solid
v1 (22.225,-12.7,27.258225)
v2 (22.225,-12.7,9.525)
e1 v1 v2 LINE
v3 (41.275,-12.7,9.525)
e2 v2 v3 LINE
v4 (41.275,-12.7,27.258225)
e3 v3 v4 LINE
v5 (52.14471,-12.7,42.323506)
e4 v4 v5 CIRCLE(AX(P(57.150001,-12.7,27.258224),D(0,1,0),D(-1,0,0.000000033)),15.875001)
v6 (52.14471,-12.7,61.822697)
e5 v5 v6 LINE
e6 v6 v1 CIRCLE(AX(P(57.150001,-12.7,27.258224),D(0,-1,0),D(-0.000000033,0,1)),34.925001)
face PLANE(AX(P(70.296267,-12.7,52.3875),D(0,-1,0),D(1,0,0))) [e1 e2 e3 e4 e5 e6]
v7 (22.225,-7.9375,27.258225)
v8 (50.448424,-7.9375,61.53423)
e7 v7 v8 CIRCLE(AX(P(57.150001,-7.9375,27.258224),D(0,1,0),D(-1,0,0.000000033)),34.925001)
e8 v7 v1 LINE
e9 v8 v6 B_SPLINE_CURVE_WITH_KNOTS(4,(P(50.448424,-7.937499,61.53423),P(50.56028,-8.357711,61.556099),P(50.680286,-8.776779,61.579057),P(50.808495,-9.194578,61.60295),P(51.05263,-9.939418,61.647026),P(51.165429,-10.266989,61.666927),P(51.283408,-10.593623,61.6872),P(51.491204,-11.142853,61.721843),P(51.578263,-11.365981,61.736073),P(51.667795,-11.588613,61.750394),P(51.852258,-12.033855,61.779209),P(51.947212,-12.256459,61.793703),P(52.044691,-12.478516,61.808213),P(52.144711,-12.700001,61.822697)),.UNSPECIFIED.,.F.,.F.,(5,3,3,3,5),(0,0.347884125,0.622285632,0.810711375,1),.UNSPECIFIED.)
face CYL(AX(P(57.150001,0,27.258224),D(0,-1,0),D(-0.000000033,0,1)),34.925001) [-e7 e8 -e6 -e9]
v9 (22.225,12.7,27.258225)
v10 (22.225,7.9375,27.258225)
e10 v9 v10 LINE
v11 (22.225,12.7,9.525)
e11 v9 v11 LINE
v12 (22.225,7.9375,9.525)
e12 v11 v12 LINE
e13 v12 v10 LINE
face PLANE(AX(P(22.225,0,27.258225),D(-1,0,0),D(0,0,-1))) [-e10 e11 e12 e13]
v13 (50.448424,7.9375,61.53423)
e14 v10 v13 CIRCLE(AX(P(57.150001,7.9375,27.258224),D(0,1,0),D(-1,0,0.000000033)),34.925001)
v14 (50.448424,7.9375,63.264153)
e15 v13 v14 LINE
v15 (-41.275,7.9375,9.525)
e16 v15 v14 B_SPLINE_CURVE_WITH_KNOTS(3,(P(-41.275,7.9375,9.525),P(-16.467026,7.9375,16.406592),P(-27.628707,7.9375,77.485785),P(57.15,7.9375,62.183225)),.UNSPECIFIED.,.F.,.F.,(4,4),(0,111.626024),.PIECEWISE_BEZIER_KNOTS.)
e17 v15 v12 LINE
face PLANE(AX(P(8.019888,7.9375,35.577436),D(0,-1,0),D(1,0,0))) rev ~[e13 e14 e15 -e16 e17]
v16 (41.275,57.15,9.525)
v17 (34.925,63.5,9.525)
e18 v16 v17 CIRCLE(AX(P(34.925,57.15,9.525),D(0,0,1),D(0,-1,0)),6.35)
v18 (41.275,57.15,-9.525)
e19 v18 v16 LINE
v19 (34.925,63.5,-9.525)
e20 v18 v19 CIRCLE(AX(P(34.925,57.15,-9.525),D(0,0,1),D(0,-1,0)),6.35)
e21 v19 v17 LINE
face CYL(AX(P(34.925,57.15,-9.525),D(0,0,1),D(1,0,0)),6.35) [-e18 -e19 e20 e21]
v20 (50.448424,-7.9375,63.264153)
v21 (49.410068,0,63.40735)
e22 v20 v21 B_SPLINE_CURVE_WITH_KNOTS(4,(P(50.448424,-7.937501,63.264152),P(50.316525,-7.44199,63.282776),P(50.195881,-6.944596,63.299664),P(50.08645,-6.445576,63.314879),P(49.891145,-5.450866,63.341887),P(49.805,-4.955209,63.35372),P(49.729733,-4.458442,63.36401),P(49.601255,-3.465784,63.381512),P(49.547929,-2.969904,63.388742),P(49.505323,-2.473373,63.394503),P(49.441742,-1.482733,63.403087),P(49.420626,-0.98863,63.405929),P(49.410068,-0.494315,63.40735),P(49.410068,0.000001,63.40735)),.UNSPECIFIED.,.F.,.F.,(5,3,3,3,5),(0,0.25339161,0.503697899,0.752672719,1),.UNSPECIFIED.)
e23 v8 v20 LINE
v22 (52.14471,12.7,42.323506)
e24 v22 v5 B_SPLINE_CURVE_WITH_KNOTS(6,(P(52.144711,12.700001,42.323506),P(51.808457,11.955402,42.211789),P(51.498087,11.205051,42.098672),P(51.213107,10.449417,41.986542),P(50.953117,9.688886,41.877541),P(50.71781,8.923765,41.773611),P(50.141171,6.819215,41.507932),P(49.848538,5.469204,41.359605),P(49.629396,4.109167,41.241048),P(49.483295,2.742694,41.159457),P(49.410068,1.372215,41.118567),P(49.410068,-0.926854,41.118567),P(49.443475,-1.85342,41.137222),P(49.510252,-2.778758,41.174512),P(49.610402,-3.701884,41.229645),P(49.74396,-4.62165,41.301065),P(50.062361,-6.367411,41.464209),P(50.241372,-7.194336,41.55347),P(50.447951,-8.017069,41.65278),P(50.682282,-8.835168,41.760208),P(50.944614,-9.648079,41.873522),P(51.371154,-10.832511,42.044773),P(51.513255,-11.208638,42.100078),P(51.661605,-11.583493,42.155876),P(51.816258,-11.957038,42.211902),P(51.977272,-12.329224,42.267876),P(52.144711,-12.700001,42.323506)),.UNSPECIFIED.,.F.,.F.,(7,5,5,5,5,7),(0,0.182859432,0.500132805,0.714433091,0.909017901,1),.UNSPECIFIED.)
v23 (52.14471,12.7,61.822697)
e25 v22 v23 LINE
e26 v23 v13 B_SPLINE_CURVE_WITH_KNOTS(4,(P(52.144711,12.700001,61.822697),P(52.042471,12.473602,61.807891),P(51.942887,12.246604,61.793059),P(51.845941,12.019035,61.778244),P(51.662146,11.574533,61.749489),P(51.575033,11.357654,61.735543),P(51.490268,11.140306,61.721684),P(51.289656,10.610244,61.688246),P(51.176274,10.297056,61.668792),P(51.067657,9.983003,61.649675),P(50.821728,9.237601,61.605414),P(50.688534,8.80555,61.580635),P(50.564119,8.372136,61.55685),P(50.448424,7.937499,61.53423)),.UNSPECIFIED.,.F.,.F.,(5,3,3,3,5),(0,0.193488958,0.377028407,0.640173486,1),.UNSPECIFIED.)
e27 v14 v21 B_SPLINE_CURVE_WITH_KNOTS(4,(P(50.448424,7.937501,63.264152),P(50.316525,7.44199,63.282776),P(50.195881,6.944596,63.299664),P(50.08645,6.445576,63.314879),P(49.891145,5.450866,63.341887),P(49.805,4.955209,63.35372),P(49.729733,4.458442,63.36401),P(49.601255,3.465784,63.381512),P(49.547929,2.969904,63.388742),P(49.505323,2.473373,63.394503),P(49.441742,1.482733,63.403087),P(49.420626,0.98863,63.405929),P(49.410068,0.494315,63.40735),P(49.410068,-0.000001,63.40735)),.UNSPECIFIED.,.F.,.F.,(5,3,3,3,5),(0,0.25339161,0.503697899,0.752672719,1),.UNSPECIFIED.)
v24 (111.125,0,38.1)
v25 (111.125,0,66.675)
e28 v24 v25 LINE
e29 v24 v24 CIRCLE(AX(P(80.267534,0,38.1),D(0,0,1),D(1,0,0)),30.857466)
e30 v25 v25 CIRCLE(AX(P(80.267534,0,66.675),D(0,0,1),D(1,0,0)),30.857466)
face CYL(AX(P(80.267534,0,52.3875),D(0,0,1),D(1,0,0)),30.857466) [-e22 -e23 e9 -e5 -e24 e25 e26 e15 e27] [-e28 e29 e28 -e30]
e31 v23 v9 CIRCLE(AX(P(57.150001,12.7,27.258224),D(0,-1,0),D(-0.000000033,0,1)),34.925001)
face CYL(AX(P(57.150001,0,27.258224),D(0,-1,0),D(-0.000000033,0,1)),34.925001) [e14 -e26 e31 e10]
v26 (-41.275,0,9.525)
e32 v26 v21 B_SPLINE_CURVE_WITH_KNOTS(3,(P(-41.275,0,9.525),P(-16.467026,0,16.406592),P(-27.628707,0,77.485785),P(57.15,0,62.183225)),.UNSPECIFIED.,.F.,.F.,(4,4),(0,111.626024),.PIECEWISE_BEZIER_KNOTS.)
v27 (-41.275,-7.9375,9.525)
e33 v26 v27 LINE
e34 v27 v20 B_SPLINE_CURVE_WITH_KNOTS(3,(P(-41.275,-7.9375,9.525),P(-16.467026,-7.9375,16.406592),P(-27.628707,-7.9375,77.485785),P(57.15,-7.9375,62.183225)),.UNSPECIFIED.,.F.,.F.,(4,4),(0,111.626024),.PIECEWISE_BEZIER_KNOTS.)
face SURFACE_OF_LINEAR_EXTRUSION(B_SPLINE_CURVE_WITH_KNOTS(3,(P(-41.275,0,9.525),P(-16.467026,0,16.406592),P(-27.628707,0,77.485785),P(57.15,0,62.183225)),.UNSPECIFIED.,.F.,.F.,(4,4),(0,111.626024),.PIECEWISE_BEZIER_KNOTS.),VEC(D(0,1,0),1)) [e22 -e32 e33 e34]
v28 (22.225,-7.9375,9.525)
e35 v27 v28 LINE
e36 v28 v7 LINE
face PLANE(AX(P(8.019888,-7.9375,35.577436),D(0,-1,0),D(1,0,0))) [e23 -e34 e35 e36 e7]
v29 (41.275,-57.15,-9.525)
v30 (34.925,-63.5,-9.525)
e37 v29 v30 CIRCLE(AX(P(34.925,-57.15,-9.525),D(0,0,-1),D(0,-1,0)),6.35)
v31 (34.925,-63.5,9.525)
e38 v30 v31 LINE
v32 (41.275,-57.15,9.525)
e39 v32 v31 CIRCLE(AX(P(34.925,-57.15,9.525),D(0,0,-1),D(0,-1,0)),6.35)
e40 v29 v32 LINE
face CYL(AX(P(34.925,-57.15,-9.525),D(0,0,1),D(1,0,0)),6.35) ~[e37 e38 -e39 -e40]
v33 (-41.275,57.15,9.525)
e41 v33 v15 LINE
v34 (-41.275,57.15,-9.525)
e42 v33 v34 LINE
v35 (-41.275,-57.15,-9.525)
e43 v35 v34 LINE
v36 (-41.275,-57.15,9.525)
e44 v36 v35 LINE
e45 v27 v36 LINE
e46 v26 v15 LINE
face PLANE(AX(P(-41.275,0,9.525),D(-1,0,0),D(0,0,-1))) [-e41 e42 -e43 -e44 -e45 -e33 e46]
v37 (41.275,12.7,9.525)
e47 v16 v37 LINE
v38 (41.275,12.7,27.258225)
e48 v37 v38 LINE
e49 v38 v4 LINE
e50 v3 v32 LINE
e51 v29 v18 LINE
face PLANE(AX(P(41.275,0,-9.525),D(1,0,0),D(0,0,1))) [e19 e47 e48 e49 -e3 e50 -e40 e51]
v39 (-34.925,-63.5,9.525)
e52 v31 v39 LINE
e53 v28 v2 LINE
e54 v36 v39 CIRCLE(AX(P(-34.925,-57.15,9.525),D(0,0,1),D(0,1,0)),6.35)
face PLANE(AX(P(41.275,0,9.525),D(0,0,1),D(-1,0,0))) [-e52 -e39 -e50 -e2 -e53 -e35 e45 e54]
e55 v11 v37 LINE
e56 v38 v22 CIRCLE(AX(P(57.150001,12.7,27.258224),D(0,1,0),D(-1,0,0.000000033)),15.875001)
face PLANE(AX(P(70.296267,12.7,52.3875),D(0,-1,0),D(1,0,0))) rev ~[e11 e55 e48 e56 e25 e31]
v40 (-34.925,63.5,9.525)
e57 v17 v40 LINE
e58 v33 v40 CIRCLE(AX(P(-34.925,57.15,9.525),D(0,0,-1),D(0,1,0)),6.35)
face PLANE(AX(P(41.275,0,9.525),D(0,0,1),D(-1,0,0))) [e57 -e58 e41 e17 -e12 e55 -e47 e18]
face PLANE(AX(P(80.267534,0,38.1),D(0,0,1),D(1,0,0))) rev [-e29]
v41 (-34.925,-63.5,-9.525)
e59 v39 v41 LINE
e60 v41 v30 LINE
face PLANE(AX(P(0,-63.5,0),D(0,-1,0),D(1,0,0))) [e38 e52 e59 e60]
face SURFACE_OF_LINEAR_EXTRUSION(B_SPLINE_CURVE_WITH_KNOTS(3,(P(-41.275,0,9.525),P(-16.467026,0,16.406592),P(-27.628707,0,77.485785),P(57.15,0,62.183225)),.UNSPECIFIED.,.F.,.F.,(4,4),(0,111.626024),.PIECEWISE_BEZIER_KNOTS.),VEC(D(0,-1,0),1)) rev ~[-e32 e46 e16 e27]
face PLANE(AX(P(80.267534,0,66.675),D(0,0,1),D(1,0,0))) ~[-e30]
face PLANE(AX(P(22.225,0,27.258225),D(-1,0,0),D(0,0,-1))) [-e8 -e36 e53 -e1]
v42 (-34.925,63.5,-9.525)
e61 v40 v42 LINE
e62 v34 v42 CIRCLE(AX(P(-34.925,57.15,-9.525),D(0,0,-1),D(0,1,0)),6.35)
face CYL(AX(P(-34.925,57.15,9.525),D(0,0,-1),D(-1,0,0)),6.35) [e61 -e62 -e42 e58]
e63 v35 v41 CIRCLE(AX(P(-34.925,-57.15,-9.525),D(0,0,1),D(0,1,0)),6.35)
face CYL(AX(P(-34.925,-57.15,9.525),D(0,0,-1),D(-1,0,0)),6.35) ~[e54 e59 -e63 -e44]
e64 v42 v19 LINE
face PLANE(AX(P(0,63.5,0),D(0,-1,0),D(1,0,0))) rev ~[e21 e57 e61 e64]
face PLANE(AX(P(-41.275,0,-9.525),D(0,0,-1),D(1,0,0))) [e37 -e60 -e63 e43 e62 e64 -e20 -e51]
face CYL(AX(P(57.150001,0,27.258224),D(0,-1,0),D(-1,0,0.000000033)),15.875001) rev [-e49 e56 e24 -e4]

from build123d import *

# Parameters (mm, degrees)
F1_DEPTH = 63.5
F2_DEPTH = 12.7
F3_DEPTH = 7.9375
F0_W     = 30.857466
F0_H     = 28.575
F5_R     = 6.35


with BuildPart() as f1:
    # F0 (on Front) → F1 (new body, symmetric)
    with BuildSketch(Plane.XZ):
        Polygon((41.275, -9.525), (41.275, 9.525), (22.225, 9.525), (-41.275, 9.525), (-41.275, -9.525), align=None)
    extrude(amount=F1_DEPTH, both=True)

    # F0 (on Front) → F2 (join, symmetric)
    with BuildSketch(Plane.XZ):
        Polygon((60.325, 62.183225), (60.325, 43.133225), (60.325, 38.1), (80.267534, 38.1), (80.267534, 66.675), (60.325, 66.675), align=None)
        with BuildLine():
            Line((22.225, 9.525), (41.275, 9.525))
            Line((41.275, 9.525), (41.275, 27.258225))
            ThreePointArc((41.275, 27.258225), (45.92468, 38.483545), (57.15, 43.133225))
            Line((57.15, 43.133225), (60.325, 43.133225))
            Line((60.325, 43.133225), (60.325, 62.183225))
            Line((60.325, 62.183225), (57.15, 62.183225))
            ThreePointArc((57.15, 62.183225), (32.454296, 51.953929), (22.225, 27.258225))
            Line((22.225, 27.258225), (22.225, 9.525))
        make_face()
    extrude(amount=F2_DEPTH, both=True)

    # F0 (on Front) → F3 (join, symmetric)
    with BuildSketch(Plane.XZ):
        with BuildLine():
            Line((-41.275, 9.525), (22.225, 9.525))
            Line((22.225, 9.525), (22.225, 27.258225))
            ThreePointArc((22.225, 27.258225), (32.454296, 51.953929), (57.15, 62.183225))
            add(Edge.make_bspline(
                [(-41.275, 9.525), (-16.467026, 16.406592), (-27.628707, 77.485785), (57.15, 62.183225)],
                knots=[0, 0, 0, 0, 111.626024, 111.626024, 111.626024, 111.626024], degree=3))
        make_face()
    extrude(amount=F3_DEPTH, both=True)

    # F0 (on Front) → F4 (revolve)
    with BuildSketch(Plane.XZ):
        with Locations((95.696267, 52.3875)):
            Rectangle(F0_W, F0_H)
    revolve(axis=Axis((80.267534, 0, 52.3875), (0, 0, 1)))

    # F5
    f5_edges = [f1.edges().sort_by_distance(p)[0] for p in [
        (-41.275, -63.5, 0),
        (41.275, -63.5, 0),
        (41.275, 63.5, 0),
        (-41.275, 63.5, 0),
    ]]
    fillet(f5_edges, radius=F5_R)


solid = f1.part
